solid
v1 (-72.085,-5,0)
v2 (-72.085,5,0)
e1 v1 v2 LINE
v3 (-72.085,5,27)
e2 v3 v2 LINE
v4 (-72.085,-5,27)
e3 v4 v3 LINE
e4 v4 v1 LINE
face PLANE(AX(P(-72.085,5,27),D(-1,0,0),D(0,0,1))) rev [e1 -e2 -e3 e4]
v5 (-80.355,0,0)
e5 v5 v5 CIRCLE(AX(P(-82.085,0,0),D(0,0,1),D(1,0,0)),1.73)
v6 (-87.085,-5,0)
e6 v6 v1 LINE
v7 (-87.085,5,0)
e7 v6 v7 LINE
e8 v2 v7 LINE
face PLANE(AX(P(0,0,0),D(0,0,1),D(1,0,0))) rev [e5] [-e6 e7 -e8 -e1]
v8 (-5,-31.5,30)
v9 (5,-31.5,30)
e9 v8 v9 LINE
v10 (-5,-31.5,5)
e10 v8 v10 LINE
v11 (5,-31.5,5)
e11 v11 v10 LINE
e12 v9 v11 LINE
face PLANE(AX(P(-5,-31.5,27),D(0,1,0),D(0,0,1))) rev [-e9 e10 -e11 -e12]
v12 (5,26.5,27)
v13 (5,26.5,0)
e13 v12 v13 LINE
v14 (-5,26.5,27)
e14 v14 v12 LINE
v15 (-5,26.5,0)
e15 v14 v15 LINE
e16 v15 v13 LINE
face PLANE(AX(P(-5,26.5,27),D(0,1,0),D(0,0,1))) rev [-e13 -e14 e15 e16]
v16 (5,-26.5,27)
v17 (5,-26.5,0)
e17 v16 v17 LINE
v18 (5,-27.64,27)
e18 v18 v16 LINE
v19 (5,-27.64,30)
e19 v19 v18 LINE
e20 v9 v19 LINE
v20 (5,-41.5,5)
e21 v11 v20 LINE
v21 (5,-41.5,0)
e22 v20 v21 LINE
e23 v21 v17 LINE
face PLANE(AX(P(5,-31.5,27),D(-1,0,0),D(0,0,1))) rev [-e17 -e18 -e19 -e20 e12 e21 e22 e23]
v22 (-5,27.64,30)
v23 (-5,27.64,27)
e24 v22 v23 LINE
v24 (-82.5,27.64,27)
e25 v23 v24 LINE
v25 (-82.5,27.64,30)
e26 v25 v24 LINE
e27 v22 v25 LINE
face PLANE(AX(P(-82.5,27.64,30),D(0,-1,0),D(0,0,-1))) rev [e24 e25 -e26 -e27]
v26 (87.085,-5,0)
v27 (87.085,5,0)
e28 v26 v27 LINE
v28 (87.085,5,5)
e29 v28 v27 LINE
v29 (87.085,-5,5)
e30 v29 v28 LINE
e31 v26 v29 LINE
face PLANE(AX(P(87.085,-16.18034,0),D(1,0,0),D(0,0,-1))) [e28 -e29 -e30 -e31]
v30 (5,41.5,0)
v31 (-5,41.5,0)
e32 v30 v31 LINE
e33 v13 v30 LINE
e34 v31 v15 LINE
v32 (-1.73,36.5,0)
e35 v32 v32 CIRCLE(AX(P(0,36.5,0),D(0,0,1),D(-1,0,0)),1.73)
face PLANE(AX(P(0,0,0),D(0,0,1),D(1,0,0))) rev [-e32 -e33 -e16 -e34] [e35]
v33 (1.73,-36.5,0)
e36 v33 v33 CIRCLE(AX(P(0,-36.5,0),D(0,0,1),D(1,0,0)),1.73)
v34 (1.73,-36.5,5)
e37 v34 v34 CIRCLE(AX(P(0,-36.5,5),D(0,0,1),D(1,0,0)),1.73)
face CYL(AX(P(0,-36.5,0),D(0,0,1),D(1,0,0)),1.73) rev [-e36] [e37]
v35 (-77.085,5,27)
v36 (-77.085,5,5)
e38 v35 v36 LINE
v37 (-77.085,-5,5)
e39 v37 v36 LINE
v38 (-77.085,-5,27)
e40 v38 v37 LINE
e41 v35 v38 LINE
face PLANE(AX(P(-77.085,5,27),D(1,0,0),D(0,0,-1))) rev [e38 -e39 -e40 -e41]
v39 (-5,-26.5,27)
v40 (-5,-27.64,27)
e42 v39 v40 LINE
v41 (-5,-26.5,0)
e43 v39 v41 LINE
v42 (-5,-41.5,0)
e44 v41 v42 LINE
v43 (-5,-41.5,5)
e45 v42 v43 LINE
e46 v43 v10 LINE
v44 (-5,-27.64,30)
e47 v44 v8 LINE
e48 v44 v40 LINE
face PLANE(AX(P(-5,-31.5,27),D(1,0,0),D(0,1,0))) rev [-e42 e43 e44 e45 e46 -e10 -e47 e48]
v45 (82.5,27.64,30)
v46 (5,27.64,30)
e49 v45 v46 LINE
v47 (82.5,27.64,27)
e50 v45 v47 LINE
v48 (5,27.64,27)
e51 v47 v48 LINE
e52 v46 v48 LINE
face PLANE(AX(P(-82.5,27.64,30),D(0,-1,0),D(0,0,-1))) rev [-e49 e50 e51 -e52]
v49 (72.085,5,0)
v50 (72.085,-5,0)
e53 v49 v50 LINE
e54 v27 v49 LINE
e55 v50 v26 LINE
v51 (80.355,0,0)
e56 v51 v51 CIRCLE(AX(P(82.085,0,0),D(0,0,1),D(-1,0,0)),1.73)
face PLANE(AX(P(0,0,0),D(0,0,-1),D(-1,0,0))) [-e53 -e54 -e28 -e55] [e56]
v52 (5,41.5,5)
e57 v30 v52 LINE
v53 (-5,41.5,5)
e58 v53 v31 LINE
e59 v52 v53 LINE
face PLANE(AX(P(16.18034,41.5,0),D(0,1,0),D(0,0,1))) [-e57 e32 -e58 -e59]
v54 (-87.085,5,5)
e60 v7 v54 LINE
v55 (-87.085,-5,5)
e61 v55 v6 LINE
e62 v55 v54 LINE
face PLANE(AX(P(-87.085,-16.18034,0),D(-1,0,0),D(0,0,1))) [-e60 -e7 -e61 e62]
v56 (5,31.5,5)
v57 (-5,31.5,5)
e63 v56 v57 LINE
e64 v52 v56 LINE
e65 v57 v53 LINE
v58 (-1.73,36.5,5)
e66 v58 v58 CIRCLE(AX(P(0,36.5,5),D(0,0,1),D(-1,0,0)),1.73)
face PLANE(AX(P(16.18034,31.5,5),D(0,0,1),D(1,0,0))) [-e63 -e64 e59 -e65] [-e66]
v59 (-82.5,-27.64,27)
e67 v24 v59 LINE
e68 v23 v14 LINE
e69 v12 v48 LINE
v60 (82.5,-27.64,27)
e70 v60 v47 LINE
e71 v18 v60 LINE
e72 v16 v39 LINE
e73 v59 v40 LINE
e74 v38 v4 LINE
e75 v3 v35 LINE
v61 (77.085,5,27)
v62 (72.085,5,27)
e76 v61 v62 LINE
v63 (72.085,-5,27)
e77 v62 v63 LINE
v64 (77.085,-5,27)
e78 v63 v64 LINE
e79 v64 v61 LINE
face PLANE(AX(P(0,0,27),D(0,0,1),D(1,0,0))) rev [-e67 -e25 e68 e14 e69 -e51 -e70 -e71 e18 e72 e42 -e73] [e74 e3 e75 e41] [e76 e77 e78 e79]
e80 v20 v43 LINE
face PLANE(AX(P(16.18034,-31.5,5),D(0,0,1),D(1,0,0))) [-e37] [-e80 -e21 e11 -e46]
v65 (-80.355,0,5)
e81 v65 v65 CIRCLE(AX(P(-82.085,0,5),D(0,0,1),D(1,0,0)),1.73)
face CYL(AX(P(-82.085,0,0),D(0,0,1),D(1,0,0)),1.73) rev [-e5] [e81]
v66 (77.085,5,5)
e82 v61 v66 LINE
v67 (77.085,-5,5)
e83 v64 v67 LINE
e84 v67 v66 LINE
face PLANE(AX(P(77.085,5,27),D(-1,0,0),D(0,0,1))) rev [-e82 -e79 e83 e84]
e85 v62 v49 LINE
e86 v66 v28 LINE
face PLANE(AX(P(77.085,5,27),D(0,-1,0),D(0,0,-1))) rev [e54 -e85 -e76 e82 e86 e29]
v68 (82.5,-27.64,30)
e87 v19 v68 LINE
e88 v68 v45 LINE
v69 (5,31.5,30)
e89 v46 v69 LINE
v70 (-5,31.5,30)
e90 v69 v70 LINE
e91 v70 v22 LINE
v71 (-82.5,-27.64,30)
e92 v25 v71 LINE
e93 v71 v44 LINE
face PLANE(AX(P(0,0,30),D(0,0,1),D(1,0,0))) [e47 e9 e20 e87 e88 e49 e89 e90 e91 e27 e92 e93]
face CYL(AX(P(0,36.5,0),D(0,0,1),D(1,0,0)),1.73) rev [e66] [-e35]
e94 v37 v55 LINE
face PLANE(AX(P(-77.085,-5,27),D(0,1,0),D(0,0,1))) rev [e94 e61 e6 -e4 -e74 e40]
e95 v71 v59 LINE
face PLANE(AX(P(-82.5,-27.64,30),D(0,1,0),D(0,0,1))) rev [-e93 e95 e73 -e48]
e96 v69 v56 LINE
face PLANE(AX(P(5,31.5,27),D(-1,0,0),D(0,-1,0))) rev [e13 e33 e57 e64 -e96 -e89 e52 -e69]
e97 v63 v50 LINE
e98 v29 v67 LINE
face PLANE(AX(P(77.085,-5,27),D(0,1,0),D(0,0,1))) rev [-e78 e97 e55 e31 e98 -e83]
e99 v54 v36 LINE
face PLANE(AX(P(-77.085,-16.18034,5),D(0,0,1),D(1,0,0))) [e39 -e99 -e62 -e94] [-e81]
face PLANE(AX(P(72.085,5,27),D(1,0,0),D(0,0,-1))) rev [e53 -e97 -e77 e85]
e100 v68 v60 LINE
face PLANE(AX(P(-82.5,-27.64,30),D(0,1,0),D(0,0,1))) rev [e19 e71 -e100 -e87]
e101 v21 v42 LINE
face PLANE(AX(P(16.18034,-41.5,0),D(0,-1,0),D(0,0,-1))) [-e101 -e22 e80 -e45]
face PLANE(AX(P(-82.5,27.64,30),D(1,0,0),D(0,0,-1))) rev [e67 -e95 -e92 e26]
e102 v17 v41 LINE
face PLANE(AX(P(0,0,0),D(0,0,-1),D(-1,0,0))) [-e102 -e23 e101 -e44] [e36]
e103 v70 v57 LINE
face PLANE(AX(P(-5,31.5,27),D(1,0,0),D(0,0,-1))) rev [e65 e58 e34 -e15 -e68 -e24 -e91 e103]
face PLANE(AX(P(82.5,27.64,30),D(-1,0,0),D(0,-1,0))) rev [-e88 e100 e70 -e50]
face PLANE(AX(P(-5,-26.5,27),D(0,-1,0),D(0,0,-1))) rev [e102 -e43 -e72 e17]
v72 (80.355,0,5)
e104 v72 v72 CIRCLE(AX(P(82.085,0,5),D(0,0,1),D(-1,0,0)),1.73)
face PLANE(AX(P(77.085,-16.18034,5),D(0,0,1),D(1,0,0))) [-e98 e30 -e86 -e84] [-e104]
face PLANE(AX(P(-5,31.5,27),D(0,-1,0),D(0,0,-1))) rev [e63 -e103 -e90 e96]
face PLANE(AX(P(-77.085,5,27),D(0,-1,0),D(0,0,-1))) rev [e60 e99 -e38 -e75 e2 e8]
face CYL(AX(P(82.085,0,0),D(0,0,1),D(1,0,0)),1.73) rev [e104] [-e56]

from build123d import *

# Parameters (mm, degrees)
SKETCH2_W             = 5
SKETCH2_H             = 10
BOSS_EXTRUDE1_DEPTH   = 27
SKETCH2_W_2           = 10
SKETCH2_H_2           = 5
BOSS_EXTRUDE1_2_DEPTH = 27
BOSS_EXTRUDE1_3_DEPTH = 27
BOSS_EXTRUDE1_4_DEPTH = 27
SKETCH3_W             = 165
SKETCH3_H             = 55.28
BOSS_EXTRUDE2_DEPTH   = 3
SKETCH4_W             = 10
SKETCH4_H             = 3.86
BOSS_EXTRUDE3_DEPTH   = 3
SKETCH5_W             = 10
SKETCH5_H             = 5
BOSS_EXTRUDE4_DEPTH   = 10
SKETCH7_W             = 5
SKETCH7_H             = 10
BOSS_EXTRUDE5_DEPTH   = 10
SKETCH8_R             = 1.73
CUT_EXTRUDE1_DEPTH    = 6


with BuildPart() as part:
    # Sketch2 → Boss-Extrude1 (new body)
    with BuildSketch(Plane.XY):
        with Locations((-74.585, 0)):
            Rectangle(SKETCH2_W, SKETCH2_H)
    extrude(amount=BOSS_EXTRUDE1_DEPTH)



with BuildPart() as body_2:
    # Sketch2 → Boss-Extrude1 2 (new body)
    with BuildSketch(Plane.XY):
        with Locations((0, 29)):
            Rectangle(SKETCH2_W_2, SKETCH2_H_2)
    extrude(amount=BOSS_EXTRUDE1_2_DEPTH)


with BuildPart() as body_3:
    # Sketch2 → Boss-Extrude1 3 (new body)
    with BuildSketch(Plane.XY):
        with Locations((74.585, 0)):
            Rectangle(SKETCH2_W, SKETCH2_H)
    extrude(amount=BOSS_EXTRUDE1_3_DEPTH)


with BuildPart() as body_4:
    # Sketch2 → Boss-Extrude1 4 (new body)
    with BuildSketch(Plane.XY):
        with Locations((0, -29)):
            Rectangle(SKETCH2_W_2, SKETCH2_H_2)
    extrude(amount=BOSS_EXTRUDE1_4_DEPTH)


with BuildPart() as part_1:
    add(part.part)

    add(body_2.part)  # Boss-Extrude2 merges body 2

    add(body_3.part)  # Boss-Extrude2 merges body 3

    add(body_4.part)  # Boss-Extrude2 merges body 4
    # Sketch3 → Boss-Extrude2 (add)
    with BuildSketch(Plane.XY.offset(27)):
        Rectangle(SKETCH3_W, SKETCH3_H)
    extrude(amount=BOSS_EXTRUDE2_DEPTH)

    # Sketch4 → Boss-Extrude3 (add)
    with BuildSketch(Plane.XY.offset(27)):
        with Locations((0, 29.57)):
            Rectangle(SKETCH4_W, SKETCH4_H)
        with Locations((0, -29.57)):
            Rectangle(SKETCH4_W, SKETCH4_H)
    extrude(amount=BOSS_EXTRUDE3_DEPTH)

    # Sketch5 → Boss-Extrude4 (add)
    with BuildSketch(Plane(origin=(0, 5, 0), x_dir=(1, 0, 0), z_dir=(0, 1, 0))):
        with Locations((-82.085, -2.5)):
            Rectangle(SKETCH5_W, SKETCH5_H)
        with Locations((82.085, -2.5)):
            Rectangle(SKETCH5_W, SKETCH5_H)
    extrude(amount=-BOSS_EXTRUDE4_DEPTH)

    # Sketch7 → Boss-Extrude5 (add)
    with BuildSketch(Plane.ZY.offset(5)):
        with Locations((2.5, 36.5)):
            Rectangle(SKETCH7_W, SKETCH7_H)
        with Locations((2.5, -36.5)):
            Rectangle(SKETCH7_W, SKETCH7_H)
    extrude(amount=-BOSS_EXTRUDE5_DEPTH)

    # Sketch8 → Cut-Extrude1 (cut, through all)
    with BuildSketch(Plane.XY.offset(5)):
        with Locations((-82.085, 0)):
            Circle(SKETCH8_R)
        with Locations((0, -36.5)):
            Circle(SKETCH8_R)
        with Locations((82.085, 0)):
            Circle(SKETCH8_R)
        with Locations((0, 36.5)):
            Circle(SKETCH8_R)
    extrude(amount=-CUT_EXTRUDE1_DEPTH, mode=Mode.SUBTRACT)


solid = part_1.part
